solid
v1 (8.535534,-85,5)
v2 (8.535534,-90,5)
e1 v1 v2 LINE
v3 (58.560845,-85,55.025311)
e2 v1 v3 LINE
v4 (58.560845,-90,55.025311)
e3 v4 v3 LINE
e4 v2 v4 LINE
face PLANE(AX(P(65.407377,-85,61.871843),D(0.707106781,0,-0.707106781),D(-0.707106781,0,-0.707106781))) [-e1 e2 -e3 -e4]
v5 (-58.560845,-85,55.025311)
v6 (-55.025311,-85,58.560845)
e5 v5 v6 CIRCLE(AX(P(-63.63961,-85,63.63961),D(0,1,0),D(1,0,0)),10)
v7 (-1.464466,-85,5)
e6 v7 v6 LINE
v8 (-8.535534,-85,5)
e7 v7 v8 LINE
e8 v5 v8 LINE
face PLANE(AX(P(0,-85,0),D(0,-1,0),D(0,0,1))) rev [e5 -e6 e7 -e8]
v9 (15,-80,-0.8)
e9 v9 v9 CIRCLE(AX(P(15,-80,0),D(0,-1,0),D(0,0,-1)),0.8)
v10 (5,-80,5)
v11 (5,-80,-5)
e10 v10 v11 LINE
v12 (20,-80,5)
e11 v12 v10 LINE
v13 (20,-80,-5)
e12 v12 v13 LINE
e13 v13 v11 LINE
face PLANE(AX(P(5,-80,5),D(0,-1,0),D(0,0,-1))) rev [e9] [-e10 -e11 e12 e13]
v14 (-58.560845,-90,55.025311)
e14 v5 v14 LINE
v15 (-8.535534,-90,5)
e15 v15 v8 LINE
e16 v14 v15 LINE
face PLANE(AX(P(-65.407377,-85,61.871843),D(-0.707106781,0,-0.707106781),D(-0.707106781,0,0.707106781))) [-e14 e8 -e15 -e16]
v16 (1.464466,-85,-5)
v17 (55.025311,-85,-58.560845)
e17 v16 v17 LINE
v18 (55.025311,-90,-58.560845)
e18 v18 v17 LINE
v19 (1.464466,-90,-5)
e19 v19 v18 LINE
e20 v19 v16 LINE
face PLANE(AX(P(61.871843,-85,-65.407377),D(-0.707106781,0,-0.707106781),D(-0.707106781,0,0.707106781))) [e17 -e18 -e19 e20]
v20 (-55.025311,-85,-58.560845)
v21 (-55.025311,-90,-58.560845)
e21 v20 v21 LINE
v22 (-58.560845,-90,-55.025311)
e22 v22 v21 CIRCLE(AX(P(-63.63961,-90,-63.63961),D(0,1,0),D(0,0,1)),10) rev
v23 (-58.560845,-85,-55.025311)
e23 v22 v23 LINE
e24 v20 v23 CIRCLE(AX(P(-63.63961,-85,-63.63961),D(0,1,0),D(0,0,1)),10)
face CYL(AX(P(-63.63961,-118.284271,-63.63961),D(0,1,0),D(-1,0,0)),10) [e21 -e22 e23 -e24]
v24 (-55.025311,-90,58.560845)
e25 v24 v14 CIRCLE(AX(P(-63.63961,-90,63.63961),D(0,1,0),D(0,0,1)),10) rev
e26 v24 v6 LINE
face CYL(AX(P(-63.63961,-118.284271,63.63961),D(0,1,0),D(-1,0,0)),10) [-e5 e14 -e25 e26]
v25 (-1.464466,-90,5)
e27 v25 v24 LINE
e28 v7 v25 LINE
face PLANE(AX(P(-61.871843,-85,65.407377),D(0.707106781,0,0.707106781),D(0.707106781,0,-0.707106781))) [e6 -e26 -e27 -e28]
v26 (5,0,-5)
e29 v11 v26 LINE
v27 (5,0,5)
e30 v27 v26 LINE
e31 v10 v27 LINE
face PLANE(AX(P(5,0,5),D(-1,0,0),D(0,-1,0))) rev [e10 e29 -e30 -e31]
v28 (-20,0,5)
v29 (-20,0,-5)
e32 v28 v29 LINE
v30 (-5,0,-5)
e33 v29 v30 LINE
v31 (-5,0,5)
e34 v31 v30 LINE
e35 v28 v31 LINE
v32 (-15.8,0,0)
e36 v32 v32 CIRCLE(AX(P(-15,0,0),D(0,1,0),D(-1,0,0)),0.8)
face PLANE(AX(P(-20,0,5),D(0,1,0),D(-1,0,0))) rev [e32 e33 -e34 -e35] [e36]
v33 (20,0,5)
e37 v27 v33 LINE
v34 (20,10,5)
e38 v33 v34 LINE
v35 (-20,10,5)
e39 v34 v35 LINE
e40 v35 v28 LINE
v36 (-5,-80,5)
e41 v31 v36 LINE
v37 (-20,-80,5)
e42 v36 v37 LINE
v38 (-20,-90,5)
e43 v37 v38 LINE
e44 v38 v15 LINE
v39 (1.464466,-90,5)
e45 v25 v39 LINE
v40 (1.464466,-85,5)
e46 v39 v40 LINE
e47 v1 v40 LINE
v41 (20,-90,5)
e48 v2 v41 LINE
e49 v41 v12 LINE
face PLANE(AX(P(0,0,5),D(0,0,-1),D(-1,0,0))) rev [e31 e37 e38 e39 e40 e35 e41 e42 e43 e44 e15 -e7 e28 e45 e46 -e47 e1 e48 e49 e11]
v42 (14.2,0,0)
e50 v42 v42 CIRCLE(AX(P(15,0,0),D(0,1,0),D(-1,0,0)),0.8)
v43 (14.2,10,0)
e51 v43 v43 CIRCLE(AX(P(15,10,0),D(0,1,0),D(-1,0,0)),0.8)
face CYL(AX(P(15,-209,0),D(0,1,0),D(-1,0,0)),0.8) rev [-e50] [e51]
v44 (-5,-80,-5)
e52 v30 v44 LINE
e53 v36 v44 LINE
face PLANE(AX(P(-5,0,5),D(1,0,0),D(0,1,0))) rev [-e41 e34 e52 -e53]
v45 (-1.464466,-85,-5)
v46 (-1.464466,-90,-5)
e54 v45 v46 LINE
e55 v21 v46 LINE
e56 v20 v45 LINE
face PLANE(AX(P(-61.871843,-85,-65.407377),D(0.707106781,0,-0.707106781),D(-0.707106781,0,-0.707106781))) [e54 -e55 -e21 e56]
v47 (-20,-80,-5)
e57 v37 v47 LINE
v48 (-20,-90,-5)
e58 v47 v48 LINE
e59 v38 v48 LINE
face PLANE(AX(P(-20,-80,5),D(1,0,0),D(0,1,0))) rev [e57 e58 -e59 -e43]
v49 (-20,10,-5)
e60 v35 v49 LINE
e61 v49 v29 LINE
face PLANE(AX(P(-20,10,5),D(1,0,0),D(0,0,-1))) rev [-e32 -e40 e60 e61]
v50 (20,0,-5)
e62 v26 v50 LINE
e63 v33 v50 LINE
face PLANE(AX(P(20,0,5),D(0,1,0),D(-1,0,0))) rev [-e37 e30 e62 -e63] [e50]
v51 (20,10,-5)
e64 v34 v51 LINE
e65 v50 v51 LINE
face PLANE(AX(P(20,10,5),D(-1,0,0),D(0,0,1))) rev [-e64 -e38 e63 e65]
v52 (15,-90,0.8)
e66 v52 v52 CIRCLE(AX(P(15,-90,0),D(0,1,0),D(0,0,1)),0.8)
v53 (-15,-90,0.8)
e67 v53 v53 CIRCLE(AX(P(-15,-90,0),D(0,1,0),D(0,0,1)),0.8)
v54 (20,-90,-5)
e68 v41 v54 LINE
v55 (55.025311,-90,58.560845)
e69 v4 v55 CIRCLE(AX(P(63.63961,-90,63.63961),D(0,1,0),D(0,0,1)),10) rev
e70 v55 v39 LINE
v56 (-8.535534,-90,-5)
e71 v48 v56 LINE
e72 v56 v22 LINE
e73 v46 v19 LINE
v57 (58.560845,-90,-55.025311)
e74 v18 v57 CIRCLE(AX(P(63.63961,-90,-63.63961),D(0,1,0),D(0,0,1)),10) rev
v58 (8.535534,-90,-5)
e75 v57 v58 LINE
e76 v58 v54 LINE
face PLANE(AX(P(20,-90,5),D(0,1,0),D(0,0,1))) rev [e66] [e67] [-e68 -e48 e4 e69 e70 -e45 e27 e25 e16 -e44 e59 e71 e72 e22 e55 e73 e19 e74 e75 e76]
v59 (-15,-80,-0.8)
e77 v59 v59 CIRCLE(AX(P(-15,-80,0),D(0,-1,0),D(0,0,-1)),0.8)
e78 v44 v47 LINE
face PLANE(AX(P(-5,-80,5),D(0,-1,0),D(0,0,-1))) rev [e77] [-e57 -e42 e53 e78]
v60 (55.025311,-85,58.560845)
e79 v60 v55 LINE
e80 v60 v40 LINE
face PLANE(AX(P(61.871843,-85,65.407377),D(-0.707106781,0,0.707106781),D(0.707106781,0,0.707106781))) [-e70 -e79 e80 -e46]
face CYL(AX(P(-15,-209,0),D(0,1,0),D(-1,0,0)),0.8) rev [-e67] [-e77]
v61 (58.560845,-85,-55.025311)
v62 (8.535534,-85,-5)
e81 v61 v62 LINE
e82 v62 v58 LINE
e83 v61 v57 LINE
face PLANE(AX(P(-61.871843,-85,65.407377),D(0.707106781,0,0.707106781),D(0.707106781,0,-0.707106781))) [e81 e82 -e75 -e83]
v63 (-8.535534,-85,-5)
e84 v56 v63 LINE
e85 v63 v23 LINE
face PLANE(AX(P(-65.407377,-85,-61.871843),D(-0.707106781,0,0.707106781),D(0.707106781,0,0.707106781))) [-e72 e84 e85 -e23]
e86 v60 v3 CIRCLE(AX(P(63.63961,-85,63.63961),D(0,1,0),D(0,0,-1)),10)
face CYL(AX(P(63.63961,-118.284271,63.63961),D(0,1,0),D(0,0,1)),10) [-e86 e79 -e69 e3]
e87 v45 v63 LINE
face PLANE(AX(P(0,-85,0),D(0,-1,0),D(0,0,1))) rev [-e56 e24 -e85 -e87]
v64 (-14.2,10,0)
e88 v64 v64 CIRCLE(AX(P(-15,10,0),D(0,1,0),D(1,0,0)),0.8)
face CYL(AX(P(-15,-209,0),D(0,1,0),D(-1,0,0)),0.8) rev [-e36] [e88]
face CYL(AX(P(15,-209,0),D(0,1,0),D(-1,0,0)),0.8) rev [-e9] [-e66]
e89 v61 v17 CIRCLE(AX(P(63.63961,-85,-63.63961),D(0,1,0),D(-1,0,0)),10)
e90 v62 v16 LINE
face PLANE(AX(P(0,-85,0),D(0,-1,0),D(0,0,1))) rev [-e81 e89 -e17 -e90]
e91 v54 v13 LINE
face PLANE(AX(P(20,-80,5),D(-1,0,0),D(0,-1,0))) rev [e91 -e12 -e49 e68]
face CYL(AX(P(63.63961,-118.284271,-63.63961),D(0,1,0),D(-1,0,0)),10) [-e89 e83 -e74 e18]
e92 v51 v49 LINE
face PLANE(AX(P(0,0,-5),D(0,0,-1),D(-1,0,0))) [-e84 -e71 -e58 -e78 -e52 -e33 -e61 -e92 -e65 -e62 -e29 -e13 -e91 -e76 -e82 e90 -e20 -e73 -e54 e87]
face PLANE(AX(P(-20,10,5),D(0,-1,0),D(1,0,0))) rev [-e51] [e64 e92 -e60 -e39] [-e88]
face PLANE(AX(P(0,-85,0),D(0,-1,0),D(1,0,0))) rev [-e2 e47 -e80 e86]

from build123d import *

# Parameters (mm, degrees)
EXTRUDE_1_DEPTH          = 5
EXTRUDE_2_DEPTH          = 5
PATTERN_CIRCULAR_1_COUNT = 4
SKETCH_3_R               = 10
EXTRUDE_3_DEPTH          = 5
PATTERN_CIRCULAR_2_COUNT = 4
SKETCH_4_R               = 0.8
CUT_EXTRUDE_1_DEPTH      = 219


with BuildPart() as part:
    # 草图1 → 凸台-拉伸1 (new, symmetric)
    with BuildSketch(Plane.XY):
        Polygon((-20, 10), (20, 10), (20, 0), (5, 0), (5, -80), (20, -80), (20, -90), (-20, -90), (-20, -80), (-5, -80), (-5, 0), (-20, 0), align=None)
    extrude(amount=EXTRUDE_1_DEPTH, both=True)

    # 草图2 → 凸台-拉伸2 (add)
    with BuildSketch(Plane.XZ.offset(90)):
        Polygon((65.40737726, 61.871843354), (61.871843354, 65.40737726), (-1.767766953, 1.767766953), (1.767766953, -1.767766953), align=None)
    extrude_2 = extrude(amount=-EXTRUDE_2_DEPTH)

    # 阵列(圆周)1: 凸台-拉伸2 ×4 about axis
    pattern_circular_1_axis = Axis((0, 0, 0), (0, 1, 0))
    for i in range(1, PATTERN_CIRCULAR_1_COUNT):
        add(extrude_2.rotate(pattern_circular_1_axis, i * 360 / PATTERN_CIRCULAR_1_COUNT))

    # 草图3 → 凸台-拉伸3 (add)
    with BuildSketch(Plane(origin=(0, -85, 0), x_dir=(1, 0, 0), z_dir=(0, 1, 0))):
        with Locations((63.639610307, 63.639610307)):
            Circle(SKETCH_3_R)
    extrude_3 = extrude(amount=-EXTRUDE_3_DEPTH)

    # 阵列(圆周)2: 凸台-拉伸3 ×4 about axis
    pattern_circular_2_axis = Axis((0, 0, 0), (0, 1, 0))
    for i in range(1, PATTERN_CIRCULAR_2_COUNT):
        add(extrude_3.rotate(pattern_circular_2_axis, i * 360 / PATTERN_CIRCULAR_2_COUNT))

    # 草图4 → 切除-拉伸1 (cut)
    with BuildSketch(Plane(origin=(0, 10, 0), x_dir=(1, 0, 0), z_dir=(0, 1, 0))):
        with Locations(Location((15, 0, 0), (0, 0, 180))):
            Circle(SKETCH_4_R)
        with Locations(Location((-15, 0, 0), (0, 0, 270))):
            Circle(SKETCH_4_R)
    extrude(amount=-CUT_EXTRUDE_1_DEPTH, mode=Mode.SUBTRACT)


solid = part.part
